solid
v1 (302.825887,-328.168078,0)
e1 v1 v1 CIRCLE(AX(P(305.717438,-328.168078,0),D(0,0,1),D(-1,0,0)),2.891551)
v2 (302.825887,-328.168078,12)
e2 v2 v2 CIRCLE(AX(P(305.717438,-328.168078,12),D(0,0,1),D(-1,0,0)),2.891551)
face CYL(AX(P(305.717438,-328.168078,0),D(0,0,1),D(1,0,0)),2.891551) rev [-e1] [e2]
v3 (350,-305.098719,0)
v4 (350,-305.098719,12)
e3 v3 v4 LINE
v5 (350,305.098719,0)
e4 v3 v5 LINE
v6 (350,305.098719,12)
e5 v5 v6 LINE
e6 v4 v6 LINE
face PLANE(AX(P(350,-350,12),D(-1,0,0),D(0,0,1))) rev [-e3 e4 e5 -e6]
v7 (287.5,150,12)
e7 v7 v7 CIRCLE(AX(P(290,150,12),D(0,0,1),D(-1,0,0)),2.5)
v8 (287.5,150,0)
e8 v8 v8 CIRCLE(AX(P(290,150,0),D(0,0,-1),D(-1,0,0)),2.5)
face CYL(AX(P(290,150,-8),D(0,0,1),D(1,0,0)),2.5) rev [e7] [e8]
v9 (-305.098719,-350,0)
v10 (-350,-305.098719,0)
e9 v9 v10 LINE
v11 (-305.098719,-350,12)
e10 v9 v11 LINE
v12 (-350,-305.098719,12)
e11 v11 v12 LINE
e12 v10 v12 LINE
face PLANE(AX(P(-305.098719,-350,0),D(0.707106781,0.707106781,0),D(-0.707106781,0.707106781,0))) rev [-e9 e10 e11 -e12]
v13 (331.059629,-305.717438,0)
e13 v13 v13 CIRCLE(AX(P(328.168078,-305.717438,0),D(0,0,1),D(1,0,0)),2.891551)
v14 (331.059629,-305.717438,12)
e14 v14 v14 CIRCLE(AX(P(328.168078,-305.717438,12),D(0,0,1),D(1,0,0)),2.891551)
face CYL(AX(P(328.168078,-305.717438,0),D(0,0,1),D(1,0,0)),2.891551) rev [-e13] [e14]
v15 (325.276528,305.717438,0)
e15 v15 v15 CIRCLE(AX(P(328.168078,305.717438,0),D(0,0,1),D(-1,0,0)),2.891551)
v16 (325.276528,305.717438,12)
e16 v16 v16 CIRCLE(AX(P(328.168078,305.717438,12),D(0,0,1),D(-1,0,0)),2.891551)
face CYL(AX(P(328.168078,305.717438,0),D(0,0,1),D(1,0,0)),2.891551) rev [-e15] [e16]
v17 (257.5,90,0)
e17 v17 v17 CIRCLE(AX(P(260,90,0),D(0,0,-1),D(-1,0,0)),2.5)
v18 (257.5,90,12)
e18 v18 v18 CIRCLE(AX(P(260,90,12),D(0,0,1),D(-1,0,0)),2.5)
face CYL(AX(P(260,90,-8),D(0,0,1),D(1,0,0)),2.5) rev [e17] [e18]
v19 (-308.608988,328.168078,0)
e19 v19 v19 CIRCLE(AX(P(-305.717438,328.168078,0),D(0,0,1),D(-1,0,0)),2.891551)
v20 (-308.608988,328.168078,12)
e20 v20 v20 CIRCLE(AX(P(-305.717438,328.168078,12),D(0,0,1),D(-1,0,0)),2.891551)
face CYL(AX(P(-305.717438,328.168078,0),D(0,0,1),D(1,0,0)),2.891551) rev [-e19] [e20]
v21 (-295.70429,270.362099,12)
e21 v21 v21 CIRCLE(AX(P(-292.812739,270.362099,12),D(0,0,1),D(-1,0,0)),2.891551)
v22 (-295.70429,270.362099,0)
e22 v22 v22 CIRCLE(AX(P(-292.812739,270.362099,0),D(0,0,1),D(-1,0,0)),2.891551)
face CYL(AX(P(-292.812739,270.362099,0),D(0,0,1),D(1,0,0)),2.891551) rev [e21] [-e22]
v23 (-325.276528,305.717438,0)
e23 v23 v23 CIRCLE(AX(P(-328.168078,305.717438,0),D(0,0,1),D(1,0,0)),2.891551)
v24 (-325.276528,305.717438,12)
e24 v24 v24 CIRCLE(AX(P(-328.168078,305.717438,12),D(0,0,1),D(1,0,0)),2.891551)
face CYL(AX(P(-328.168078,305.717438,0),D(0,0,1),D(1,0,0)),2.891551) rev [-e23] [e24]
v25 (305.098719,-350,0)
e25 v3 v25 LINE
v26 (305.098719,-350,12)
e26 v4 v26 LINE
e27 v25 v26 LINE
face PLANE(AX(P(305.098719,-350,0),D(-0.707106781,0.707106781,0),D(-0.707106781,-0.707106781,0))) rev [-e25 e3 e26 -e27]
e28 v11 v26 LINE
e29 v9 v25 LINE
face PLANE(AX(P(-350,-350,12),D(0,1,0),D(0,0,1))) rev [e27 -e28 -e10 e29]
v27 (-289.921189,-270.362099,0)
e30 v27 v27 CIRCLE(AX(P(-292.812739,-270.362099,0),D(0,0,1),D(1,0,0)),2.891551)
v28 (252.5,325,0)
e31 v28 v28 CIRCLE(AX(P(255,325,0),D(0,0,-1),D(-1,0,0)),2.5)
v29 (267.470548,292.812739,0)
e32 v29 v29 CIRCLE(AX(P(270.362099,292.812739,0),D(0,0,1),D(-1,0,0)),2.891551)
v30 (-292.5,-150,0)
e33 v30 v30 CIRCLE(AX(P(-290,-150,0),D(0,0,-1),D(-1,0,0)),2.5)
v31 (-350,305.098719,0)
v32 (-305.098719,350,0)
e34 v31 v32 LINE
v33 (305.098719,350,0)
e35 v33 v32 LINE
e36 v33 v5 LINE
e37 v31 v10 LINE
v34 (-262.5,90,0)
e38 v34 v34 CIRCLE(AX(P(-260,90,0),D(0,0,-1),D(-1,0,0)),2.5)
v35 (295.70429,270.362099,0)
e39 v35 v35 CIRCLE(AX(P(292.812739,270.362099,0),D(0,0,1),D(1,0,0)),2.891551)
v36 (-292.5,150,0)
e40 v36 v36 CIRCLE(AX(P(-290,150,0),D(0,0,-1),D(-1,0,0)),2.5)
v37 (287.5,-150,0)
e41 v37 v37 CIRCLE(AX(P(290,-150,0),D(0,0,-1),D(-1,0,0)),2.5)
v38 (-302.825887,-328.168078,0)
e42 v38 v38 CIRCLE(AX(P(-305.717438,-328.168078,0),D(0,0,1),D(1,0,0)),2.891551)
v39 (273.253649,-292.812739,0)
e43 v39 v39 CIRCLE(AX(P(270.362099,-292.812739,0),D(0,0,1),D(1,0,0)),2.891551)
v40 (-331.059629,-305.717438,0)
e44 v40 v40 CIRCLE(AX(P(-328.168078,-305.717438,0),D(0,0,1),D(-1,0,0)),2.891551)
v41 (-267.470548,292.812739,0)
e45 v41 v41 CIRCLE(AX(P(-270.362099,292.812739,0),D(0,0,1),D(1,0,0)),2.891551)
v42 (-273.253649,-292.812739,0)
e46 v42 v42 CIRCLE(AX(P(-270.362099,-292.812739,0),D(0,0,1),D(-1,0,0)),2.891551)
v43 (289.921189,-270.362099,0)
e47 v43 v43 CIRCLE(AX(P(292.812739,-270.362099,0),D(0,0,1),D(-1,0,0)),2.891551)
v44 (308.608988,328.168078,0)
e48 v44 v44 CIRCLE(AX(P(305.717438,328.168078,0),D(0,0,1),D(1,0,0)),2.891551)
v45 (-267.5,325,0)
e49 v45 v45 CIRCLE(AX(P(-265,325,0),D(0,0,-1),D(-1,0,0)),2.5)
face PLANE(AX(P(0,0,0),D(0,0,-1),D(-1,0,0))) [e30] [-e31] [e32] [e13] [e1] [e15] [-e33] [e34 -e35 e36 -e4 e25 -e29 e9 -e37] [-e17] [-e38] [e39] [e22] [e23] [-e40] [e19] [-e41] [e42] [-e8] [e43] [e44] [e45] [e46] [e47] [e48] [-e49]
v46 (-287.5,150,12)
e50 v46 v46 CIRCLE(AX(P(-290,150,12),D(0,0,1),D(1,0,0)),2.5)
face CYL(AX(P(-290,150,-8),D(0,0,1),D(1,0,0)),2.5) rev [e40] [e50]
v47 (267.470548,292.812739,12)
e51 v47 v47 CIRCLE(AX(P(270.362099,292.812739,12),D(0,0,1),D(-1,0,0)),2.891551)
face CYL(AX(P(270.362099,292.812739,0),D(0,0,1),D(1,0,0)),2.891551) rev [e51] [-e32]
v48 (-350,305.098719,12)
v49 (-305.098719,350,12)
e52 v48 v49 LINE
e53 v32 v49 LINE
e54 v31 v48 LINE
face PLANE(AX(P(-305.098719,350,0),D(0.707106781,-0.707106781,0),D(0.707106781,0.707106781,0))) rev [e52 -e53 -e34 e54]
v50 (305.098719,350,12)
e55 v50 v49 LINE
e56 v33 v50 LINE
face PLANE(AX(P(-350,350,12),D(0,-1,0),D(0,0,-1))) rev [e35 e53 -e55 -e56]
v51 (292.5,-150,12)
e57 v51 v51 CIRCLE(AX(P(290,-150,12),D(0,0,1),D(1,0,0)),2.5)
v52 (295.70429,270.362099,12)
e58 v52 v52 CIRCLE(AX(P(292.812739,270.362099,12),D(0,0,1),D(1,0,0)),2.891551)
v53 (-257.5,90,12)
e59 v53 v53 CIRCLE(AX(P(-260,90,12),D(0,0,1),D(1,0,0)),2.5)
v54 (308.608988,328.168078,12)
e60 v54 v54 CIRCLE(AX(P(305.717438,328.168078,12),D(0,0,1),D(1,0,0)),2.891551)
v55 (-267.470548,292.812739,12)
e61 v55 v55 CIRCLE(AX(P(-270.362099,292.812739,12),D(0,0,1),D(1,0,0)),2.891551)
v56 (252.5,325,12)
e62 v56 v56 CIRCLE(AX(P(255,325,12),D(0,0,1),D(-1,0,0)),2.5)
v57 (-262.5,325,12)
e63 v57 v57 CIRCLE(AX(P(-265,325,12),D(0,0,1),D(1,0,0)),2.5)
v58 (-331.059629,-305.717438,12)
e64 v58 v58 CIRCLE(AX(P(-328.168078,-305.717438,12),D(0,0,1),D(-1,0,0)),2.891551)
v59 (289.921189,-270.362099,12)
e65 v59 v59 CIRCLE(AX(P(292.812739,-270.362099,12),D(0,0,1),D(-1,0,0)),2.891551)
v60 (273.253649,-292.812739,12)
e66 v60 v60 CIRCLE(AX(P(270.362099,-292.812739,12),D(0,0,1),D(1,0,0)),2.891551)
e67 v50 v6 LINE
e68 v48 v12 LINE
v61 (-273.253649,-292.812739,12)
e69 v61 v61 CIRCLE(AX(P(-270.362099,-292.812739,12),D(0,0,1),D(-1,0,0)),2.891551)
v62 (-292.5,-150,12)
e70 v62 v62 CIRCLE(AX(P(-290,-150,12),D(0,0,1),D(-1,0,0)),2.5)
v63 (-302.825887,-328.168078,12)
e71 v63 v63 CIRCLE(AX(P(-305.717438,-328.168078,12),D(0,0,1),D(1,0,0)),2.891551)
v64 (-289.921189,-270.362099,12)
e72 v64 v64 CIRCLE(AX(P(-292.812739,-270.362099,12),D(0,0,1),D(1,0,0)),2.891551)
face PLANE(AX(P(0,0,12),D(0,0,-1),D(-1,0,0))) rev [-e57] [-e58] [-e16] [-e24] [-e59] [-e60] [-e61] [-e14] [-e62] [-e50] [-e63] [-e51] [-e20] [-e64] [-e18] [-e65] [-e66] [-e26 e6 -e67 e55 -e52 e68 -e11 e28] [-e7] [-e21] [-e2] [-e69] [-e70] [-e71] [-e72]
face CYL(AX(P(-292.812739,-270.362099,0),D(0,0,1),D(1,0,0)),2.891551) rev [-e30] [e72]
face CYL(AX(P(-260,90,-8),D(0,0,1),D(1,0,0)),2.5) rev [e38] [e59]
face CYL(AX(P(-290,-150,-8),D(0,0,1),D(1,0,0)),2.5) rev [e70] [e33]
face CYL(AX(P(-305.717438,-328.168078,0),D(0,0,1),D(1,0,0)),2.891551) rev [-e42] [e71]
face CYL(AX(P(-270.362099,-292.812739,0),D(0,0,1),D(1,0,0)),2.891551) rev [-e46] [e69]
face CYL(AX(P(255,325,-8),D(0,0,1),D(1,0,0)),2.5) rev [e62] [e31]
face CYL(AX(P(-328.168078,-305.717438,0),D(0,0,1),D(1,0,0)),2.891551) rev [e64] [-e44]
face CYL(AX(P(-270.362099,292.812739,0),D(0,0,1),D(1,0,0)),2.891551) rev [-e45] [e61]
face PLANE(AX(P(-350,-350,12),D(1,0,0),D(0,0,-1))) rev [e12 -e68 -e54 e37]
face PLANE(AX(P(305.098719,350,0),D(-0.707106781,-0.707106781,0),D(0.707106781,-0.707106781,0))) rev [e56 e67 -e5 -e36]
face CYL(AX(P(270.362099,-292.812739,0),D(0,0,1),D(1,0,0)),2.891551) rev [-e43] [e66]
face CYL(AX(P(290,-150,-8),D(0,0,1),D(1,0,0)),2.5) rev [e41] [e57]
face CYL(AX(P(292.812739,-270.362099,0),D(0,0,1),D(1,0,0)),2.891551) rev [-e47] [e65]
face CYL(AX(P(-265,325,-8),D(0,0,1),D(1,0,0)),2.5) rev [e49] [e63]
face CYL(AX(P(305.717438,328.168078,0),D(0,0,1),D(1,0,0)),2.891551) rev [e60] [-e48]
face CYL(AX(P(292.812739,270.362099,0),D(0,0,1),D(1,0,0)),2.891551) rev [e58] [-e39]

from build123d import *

# Parameters (mm, degrees)
SKETCH1_W           = 700
SKETCH1_H           = 700
BOSS_EXTRUDE1_DEPTH = 12
SKETCH3_R           = 2.891550533
CUT_EXTRUDE2_DEPTH  = 13
SKETCH4_R           = 2.5
CUT_EXTRUDE3_DEPTH  = 20


with BuildPart() as part:
    # Sketch1 → Boss-Extrude1 (new body)
    with BuildSketch(Plane.XY):
        Rectangle(SKETCH1_W, SKETCH1_H)
    extrude(amount=BOSS_EXTRUDE1_DEPTH)

    # Sketch3 → Cut-Extrude2 (cut, through all)
    with BuildSketch(Plane.XY.offset(12)):
        with Locations((305.717437828, 328.168078131)):
            Circle(SKETCH3_R)
        with Locations((328.168078131, 305.717437828)):
            Circle(SKETCH3_R)
        with Locations((292.812739072, 270.362098769)):
            Circle(SKETCH3_R)
        with Locations((270.362098769, 292.812739072)):
            Circle(SKETCH3_R)
        with Locations((-270.362098769, 292.812739072)):
            Circle(SKETCH3_R)
        with Locations((-292.812739072, 270.362098769)):
            Circle(SKETCH3_R)
        with Locations((-305.717437828, 328.168078131)):
            Circle(SKETCH3_R)
        with Locations((-328.168078131, 305.717437828)):
            Circle(SKETCH3_R)
        with Locations((270.362098769, -292.812739072)):
            Circle(SKETCH3_R)
        with Locations((305.717437828, -328.168078131)):
            Circle(SKETCH3_R)
        with Locations((328.168078131, -305.717437828)):
            Circle(SKETCH3_R)
        with Locations((292.812739072, -270.362098769)):
            Circle(SKETCH3_R)
        with Locations((-270.362098769, -292.812739072)):
            Circle(SKETCH3_R)
        with Locations((-292.812739072, -270.362098769)):
            Circle(SKETCH3_R)
        with Locations((-305.717437828, -328.168078131)):
            Circle(SKETCH3_R)
        with Locations((-328.168078131, -305.717437828)):
            Circle(SKETCH3_R)
        Polygon((350, 350), (305.098719395, 350), (350, 305.098719395), align=None)
        Polygon((-305.098719395, 350), (-350, 305.098719395), (-350, 350), align=None)
        Polygon((305.098719395, -350), (350, -305.098719395), (350, -350), align=None)
        Polygon((-350, -350), (-305.098719395, -350), (-350, -305.098719395), align=None)
    extrude(amount=-CUT_EXTRUDE2_DEPTH, mode=Mode.SUBTRACT)

    # Sketch4 → Cut-Extrude3 (cut)
    with BuildSketch(Plane.XY.offset(12)):
        with Locations((-290, 150)):
            Circle(SKETCH4_R)
        with Locations((290, 150)):
            Circle(SKETCH4_R)
        with Locations((290, -150)):
            Circle(SKETCH4_R)
        with Locations((-290, -150)):
            Circle(SKETCH4_R)
        with Locations((-265, 325)):
            Circle(SKETCH4_R)
        with Locations((255, 325)):
            Circle(SKETCH4_R)
        with Locations((-260, 90)):
            Circle(SKETCH4_R)
        with Locations((260, 90)):
            Circle(SKETCH4_R)
    extrude(amount=-CUT_EXTRUDE3_DEPTH, mode=Mode.SUBTRACT)


solid = part.part
